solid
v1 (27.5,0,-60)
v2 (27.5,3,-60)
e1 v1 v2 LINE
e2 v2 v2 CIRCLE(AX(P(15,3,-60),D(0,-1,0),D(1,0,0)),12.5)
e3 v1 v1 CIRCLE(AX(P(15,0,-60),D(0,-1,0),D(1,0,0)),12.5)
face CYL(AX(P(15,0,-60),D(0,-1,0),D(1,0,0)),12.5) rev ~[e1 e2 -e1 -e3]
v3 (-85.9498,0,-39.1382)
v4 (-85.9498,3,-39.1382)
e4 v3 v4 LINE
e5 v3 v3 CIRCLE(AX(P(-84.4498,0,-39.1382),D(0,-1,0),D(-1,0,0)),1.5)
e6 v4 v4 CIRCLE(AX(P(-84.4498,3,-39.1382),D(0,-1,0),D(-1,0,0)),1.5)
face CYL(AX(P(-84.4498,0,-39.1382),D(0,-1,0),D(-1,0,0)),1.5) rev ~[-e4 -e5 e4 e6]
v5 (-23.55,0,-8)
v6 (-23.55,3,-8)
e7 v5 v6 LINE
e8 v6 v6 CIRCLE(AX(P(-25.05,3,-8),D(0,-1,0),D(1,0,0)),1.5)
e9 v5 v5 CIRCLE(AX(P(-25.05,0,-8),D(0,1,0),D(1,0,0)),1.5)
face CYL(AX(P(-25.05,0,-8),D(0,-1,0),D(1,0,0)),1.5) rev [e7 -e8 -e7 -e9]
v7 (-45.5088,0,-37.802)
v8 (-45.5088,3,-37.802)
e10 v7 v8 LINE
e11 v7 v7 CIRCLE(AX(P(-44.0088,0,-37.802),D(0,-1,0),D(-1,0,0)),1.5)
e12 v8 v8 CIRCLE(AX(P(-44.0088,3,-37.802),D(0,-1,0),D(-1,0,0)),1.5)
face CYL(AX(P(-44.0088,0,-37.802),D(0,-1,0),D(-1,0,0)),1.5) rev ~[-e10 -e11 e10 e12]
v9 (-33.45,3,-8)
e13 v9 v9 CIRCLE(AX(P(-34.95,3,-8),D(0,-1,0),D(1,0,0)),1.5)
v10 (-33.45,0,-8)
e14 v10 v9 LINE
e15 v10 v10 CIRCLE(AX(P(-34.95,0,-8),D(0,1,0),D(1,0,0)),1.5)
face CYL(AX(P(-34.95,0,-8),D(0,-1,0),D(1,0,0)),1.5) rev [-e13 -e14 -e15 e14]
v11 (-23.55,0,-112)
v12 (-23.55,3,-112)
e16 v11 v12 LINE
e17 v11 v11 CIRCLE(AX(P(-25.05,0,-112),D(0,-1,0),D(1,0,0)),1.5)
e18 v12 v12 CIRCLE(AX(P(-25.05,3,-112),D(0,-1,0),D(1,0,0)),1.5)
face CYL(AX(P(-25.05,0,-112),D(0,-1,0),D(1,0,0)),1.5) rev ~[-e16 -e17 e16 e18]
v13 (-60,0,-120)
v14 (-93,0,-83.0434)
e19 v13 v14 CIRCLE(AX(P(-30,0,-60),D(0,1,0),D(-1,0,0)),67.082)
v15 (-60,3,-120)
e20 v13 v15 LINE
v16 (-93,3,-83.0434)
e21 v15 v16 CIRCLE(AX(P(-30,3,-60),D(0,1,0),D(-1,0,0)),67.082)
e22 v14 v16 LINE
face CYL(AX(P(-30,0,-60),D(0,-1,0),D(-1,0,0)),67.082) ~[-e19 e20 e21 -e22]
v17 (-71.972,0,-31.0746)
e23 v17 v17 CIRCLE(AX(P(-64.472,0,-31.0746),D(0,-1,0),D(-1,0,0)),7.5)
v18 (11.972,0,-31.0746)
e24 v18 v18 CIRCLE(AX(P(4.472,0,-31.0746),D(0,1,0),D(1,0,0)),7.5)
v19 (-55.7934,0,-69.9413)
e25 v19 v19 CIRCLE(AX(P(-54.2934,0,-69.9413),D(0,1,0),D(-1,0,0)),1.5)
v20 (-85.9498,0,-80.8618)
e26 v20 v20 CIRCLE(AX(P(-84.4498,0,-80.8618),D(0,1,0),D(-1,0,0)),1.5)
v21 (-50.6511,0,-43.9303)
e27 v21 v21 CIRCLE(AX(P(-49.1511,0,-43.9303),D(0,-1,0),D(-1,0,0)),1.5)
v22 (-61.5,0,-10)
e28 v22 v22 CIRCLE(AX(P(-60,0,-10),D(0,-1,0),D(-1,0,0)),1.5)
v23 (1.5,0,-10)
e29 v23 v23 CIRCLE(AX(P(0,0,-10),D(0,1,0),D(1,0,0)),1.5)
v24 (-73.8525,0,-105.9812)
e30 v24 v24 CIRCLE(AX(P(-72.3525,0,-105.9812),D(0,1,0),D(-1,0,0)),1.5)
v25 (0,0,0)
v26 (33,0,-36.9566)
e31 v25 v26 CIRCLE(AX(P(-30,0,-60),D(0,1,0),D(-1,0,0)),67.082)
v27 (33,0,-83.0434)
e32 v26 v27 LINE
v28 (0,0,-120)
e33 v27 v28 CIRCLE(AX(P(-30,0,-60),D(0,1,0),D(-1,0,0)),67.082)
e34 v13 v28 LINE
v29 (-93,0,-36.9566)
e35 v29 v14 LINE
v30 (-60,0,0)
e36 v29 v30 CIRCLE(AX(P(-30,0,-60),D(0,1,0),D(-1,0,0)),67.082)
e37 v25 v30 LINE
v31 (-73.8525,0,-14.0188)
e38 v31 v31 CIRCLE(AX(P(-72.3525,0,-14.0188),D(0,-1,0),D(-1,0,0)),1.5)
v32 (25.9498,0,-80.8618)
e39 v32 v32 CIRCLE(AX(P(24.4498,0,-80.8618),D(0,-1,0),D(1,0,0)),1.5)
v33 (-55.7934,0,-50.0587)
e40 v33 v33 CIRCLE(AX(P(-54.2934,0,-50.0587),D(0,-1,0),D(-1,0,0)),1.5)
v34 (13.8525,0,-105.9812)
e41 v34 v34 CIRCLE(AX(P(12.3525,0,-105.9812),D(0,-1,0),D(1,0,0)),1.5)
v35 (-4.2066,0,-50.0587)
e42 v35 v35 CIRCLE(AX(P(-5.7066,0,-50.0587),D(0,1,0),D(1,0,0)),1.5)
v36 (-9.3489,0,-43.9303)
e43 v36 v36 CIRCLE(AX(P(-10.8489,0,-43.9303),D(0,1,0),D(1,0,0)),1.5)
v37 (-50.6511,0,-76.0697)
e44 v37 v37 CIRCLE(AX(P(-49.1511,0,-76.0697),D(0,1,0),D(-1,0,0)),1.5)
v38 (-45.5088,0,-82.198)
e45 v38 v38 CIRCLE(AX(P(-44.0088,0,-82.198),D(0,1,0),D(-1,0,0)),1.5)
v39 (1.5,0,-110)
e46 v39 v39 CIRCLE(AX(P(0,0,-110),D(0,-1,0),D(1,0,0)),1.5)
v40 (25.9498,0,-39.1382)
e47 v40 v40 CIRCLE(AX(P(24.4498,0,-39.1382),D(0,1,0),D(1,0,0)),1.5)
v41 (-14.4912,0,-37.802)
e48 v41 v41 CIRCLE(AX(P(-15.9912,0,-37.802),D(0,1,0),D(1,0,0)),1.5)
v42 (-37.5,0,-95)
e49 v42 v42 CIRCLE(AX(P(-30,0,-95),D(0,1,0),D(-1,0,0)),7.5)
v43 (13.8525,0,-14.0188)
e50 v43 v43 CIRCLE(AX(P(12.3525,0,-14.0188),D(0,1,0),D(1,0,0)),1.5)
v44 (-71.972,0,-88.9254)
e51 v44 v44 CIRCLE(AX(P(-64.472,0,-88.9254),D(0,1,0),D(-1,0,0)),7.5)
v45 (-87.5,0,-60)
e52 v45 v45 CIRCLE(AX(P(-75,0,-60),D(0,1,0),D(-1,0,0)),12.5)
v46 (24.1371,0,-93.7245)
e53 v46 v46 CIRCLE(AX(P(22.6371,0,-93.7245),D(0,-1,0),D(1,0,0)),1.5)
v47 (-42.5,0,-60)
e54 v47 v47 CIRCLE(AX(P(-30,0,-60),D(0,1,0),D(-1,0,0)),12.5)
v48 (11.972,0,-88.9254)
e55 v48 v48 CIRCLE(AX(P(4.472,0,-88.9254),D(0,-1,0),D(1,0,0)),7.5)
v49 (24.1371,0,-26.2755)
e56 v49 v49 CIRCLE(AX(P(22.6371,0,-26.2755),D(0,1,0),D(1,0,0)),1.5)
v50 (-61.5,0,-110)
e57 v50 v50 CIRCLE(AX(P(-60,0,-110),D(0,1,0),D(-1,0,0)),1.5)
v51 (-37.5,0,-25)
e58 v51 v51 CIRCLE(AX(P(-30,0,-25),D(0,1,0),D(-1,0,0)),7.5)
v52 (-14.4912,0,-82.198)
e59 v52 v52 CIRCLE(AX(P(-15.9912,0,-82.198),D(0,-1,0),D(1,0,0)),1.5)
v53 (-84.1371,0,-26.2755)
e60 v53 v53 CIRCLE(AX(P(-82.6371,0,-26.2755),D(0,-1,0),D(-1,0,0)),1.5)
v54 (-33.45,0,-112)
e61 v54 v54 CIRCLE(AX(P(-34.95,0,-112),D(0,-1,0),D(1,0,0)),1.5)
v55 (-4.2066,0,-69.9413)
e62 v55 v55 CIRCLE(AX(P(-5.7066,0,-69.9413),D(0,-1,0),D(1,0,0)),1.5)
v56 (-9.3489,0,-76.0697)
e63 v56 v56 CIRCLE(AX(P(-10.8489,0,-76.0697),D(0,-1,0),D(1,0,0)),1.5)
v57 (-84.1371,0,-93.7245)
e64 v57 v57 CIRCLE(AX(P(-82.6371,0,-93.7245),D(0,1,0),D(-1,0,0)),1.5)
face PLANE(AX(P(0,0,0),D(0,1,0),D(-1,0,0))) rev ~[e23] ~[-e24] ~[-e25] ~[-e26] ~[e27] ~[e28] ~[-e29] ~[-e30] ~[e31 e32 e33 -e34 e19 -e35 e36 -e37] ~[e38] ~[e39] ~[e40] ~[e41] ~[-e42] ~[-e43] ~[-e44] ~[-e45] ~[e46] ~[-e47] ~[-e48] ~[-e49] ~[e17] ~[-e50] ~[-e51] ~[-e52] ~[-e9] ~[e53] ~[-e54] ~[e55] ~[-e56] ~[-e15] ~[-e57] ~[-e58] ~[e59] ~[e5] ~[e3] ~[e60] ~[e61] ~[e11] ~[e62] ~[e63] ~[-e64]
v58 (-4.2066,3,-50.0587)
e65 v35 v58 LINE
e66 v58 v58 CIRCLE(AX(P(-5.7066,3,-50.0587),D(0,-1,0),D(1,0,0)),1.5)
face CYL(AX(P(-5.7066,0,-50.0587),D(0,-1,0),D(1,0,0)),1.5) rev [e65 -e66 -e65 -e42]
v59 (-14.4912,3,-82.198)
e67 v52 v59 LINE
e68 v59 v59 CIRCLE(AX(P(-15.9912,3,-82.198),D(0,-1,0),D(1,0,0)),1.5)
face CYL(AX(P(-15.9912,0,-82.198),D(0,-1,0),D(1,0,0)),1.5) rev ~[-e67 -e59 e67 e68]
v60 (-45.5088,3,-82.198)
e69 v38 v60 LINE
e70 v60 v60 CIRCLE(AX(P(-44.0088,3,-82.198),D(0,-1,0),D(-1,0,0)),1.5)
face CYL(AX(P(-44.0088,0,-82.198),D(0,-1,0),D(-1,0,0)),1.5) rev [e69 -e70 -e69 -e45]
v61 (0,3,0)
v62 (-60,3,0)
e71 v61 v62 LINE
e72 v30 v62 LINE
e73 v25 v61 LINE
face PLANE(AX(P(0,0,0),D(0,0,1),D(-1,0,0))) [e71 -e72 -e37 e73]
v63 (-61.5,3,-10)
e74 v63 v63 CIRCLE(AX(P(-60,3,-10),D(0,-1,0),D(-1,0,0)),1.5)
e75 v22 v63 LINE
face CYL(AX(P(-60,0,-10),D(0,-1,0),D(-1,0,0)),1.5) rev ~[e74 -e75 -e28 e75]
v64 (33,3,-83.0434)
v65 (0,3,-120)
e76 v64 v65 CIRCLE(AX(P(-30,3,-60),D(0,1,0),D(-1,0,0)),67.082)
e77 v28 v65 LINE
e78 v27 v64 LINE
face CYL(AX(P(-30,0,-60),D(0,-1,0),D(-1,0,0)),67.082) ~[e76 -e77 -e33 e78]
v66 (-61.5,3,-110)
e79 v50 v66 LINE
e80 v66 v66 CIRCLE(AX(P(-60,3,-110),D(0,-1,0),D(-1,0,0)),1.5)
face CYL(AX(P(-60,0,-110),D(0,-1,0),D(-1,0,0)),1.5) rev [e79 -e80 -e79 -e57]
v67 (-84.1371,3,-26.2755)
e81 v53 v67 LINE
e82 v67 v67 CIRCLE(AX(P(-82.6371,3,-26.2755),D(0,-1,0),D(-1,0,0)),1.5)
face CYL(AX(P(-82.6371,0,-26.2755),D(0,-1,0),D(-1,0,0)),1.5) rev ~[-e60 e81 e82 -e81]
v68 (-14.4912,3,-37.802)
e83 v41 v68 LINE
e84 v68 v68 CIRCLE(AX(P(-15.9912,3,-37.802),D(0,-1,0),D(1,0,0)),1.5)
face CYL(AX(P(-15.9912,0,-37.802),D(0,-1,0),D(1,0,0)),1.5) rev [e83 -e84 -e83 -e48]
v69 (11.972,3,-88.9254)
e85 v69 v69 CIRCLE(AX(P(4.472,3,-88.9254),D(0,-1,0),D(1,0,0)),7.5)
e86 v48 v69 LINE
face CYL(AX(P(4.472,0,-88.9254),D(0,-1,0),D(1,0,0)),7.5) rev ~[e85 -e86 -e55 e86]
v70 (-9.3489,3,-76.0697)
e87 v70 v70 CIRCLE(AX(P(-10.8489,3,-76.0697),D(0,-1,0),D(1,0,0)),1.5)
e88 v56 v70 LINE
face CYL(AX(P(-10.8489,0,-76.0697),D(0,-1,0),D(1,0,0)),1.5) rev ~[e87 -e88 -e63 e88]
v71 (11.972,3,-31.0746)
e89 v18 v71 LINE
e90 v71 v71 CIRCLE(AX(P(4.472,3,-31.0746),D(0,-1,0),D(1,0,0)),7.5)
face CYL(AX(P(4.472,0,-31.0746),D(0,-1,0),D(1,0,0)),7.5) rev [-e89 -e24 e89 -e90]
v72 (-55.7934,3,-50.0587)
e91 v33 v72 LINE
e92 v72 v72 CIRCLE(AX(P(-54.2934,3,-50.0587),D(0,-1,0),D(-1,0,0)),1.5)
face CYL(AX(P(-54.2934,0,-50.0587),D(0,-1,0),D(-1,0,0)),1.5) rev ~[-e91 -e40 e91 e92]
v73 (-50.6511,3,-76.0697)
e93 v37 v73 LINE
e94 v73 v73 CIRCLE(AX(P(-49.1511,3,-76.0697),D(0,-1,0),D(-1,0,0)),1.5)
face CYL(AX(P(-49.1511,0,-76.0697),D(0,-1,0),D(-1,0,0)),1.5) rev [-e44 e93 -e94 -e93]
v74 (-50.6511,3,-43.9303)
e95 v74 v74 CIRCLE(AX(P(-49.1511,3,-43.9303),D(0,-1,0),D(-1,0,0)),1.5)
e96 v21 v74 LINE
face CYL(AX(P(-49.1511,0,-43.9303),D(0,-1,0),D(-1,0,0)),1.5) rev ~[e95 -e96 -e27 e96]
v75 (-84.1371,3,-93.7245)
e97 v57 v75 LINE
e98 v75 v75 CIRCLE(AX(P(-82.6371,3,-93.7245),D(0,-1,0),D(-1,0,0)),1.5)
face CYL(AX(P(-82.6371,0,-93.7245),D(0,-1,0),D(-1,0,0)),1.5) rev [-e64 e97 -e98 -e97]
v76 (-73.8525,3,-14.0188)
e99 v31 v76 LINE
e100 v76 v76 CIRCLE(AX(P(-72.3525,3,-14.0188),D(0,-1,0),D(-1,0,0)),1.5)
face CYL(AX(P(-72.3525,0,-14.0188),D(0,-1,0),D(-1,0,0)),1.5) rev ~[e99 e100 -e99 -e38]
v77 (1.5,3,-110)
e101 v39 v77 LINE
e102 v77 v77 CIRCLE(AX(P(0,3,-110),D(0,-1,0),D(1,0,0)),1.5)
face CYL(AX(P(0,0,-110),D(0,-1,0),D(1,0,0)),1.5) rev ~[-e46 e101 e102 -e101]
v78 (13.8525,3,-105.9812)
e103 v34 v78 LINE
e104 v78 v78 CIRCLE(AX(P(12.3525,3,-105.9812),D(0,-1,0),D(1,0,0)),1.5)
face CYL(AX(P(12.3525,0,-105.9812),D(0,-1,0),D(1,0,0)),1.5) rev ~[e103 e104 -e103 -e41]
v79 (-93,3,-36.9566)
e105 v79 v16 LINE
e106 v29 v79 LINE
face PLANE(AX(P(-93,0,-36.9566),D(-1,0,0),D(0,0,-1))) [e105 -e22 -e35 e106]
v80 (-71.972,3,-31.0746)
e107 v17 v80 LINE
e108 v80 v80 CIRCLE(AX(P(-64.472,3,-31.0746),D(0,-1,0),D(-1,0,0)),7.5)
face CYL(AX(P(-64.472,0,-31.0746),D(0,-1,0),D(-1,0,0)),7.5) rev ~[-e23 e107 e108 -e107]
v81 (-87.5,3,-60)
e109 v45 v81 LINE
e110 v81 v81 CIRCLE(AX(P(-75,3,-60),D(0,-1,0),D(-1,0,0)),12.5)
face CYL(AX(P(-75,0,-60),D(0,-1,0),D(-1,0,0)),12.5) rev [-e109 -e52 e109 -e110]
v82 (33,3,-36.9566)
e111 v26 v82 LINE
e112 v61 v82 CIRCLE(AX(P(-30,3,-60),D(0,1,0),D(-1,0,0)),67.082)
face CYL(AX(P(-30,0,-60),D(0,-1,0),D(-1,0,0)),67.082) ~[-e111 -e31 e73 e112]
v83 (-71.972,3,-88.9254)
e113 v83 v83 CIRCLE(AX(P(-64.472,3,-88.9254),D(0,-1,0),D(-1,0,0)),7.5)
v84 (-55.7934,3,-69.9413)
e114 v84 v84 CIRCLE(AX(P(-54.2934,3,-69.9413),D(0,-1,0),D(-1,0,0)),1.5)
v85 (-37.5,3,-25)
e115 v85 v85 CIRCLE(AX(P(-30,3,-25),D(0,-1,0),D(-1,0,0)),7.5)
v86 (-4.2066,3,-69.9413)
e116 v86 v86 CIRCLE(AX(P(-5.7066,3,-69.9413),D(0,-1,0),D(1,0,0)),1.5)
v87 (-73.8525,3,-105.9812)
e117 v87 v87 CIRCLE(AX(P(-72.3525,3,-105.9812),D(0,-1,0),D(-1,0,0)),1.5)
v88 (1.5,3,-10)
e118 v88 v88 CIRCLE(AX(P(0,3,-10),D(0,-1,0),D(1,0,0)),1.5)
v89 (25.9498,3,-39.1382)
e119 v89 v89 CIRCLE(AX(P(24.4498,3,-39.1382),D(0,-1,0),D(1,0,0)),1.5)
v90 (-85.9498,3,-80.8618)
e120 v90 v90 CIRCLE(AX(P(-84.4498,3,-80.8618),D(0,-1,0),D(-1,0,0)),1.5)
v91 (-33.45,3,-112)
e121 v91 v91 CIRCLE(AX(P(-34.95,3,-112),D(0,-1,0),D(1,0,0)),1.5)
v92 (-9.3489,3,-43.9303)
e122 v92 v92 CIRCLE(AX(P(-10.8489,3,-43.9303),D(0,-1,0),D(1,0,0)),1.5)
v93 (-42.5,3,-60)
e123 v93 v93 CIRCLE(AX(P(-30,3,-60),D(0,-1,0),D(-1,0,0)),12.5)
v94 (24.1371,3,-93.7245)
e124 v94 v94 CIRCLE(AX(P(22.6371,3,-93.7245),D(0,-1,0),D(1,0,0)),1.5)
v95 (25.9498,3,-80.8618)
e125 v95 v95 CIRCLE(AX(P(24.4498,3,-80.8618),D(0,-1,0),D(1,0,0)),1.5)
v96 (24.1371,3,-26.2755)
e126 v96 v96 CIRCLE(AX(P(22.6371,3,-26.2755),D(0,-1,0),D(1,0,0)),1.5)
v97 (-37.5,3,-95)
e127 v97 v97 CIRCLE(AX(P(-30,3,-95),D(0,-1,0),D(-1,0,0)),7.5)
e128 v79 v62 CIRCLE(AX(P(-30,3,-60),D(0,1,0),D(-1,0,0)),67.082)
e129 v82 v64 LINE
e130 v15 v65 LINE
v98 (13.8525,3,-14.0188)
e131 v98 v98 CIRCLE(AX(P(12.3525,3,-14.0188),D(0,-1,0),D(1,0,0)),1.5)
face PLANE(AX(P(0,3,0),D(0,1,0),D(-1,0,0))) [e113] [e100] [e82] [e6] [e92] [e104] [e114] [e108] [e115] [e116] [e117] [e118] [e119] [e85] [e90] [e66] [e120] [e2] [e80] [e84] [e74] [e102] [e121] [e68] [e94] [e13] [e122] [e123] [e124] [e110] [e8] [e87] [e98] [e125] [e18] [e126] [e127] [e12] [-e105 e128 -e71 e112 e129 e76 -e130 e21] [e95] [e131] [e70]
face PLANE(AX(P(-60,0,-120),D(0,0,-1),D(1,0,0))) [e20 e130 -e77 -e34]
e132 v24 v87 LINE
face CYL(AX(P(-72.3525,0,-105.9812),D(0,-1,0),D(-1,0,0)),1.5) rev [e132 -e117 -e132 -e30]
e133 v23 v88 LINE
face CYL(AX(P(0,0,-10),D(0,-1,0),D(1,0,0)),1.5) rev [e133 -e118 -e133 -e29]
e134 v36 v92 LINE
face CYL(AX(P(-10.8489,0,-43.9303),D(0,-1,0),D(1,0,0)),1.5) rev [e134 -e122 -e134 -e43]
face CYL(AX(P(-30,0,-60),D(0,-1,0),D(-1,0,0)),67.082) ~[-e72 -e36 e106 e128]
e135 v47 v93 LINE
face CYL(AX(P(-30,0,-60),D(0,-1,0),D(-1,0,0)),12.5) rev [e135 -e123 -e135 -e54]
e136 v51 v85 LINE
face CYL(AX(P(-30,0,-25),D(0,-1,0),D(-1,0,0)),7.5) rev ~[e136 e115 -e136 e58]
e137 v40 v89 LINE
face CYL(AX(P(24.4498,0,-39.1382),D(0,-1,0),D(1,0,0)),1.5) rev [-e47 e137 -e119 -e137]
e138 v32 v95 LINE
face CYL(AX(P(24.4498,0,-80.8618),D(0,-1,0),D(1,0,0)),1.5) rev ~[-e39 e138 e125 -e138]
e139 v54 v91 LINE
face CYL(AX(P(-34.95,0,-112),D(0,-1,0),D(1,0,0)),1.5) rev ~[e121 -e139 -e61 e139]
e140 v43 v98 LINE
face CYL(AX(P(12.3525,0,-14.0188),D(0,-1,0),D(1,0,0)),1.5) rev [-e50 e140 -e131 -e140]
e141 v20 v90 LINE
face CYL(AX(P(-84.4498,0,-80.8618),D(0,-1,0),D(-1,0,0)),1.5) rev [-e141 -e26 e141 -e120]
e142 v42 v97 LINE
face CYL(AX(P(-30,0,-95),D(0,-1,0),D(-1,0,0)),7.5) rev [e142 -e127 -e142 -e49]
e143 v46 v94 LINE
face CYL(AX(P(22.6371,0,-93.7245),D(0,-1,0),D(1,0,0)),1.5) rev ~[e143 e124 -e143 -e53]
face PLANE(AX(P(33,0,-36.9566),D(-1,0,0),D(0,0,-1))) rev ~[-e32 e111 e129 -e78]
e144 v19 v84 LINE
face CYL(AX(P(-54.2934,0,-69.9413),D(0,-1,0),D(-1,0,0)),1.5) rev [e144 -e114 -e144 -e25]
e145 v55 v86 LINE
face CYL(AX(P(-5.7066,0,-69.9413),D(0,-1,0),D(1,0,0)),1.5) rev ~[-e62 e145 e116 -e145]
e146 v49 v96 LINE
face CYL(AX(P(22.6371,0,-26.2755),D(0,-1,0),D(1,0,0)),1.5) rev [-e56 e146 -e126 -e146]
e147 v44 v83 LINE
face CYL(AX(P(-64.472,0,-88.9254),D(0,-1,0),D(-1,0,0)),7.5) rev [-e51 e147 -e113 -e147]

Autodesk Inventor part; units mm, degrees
ref_plane "XZ Plane" through (0, 0, 0) normal (0, 1, 0) x (-1, 0, 0)
ref_plane "XY Plane" through (0, 0, 0) normal (0, 0, 1) x (1, 0, 0)
sketch "Sketch1" plane through (0, 0, 0) normal (0, 1, 0) x (-1, 0, 0)
  line L0 (0, 0) -> (60, 0)
  line L1 (60, 0) -> (60, -120)
  line L2 (60, -120) -> (0, -120)
  line L3 (0, -120) -> (0, 0)
  line L4 (60, 0) -> (0, -120) construction
  line L5 (60, -120) -> (0, 0) construction
  circle A0 centre (30, -60) radius 67.082
  line L6 (30, -120) -> (30, 7.082) construction
  line L7 (60, -60) -> (0, -60)
  line L8 (30, -60) -> (81.3878, -103.1195) construction
  circle A1 centre (82.6371, -93.7245) radius 1.5
  circle A2 centre (54.2934, -69.9413) radius 1.5
  line L9 (41.76, -45.985) -> (17.4815, -74.919) construction
  circle A3 centre (72.3525, -105.9812) radius 1.5
  circle A4 centre (44.0088, -82.198) radius 1.5
  line L10 (-33, -36.9566) -> (-33, -83.0434)
  line L11 (93, -36.9566) -> (93, -83.0434)
  circle A5 centre (49.1511, -76.0697) radius 1.5
  circle A6 centre (60, -110) radius 1.5
  circle A7 centre (75, -60) radius 12.5
  circle A8 centre (30, -95) radius 7.5
  circle A9 centre (84.4498, -80.8618) radius 1.5
  circle A10 centre (64.472, -88.9254) radius 7.5
  circle A11 centre (30, -60) radius 12.5
  point P0 (60, -120)
  point P1 (60, 0)
  dimension "d0" = 120
  dimension "d25" = 60
  dimension "d27" = 50
  dimension "d28" = 3
  dimension "d30" = 3
  dimension "d32" = 25
  dimension "d33" = 62
  dimension "d34" = 8
  dimension "d35" = 8
  dimension "d38" = 63
  dimension "d39" = 63
  dimension "d40" = 3
  dimension "d41" = 25
  dimension "d50" = 3
  dimension "d51" = 10
  dimension "d52" = 25
  dimension "d53" = 45
  dimension "d54" = 15
  dimension "d55" = 35
  dimension "d56" = 15
  dimension "d57" = 45
  dimension "d58" = 25
extrude "Extrusion1" add sketch "Sketch1" along normal blind 3 contours L0 L1 L7 A11 L3 | L3 A0 L10 | A0 L11 L1 A6 A10 | L7 A11 L1 A10 A6 L2 L3 | A11 L7 | L7 A11 | A10 L1 | L1 A10 | A6 L1 | L1 A6 | A1 | A2 | A3 | A4 | A5 | A7 | A8 | A9
extrude "Extrusion3" cut sketch "Sketch1" along normal blind 10 contours A11 L7 | L7 A11 | A10 L1 | L1 A10 | A6 L1 | L1 A6 | A1 | A2 | A3 | A4 | A5 | A7 | A8 | A9
ref_plane "Work Plane5" through (-60, 0, -60) normal (0, 0, 1) x (1, 0, 0)
ref_plane "Work Plane6" through (-30, 0, 0) normal (1, 0, 0) x (0, 1, 0)
mirror "Mirror3" about plane through (-60, 0, -60) normal (0, 0, 1) of "Extrusion3"
mirror "Mirror4" about plane through (-30, 0, 0) normal (1, 0, 0) of "Extrusion3", "Mirror3"
sketch "Sketch7" plane through (0, 0, 0) normal (0, -1, 0) x (1, 0, 0)
  circle A0 centre (-25.05, -112) radius 1.5
  circle A1 centre (-34.95, -112) radius 1.5
  line L0 (0, -120) -> (-60, -120) projected
  line L1 (-30, 28.4216) -> (-30, -148.4216) projected
  point P0 (0, 0)
  dimension "d42" = 3
  dimension "d43" = 3
  dimension "d44" = 8
  dimension "d45" = 8
  dimension "d46" = 4.95
  dimension "d47" = 4.95
extrude "Extrusion4" cut sketch "Sketch7" against normal blind 100
mirror "Mirror5" about plane through (-60, 0, -60) normal (0, 0, 1) of "Extrusion4"
sketch "Sketch10" plane through (0, 3, 0) normal (0, 1, 0) x (1, 0, 0)
  circle A0 centre (-34.95, 8) radius 1.5 projected
  circle A1 centre (-25.05, 8) radius 1.5 projected
  circle A2 centre (-34.95, 112) radius 1.5 projected
  circle A3 centre (-25.05, 112) radius 1.5 projected
  circle A4 centre (24.4498, 39.1382) radius 1.5 projected
  circle A5 centre (-10.8489, 43.9303) radius 1.5 projected
  circle A6 centre (-5.7066, 50.0587) radius 1.5 projected
  circle A7 centre (12.3525, 14.0188) radius 1.5 projected
  circle A8 centre (4.472, 31.0746) radius 7.5 projected
  circle A9 centre (0, 10) radius 1.5 projected
  circle A10 centre (-15.9912, 37.802) radius 1.5 projected
  circle A11 centre (22.6371, 26.2755) radius 1.5 projected
  circle A12 centre (24.4498, 80.8618) radius 1.5 projected
  circle A13 centre (-10.8489, 76.0697) radius 1.5 projected
  circle A14 centre (-5.7066, 69.9413) radius 1.5 projected
  circle A15 centre (12.3525, 105.9812) radius 1.5 projected
  circle A16 centre (15, 60) radius 12.5 projected
  circle A17 centre (4.472, 88.9254) radius 7.5 projected
  circle A18 centre (0, 110) radius 1.5 projected
  circle A19 centre (-15.9912, 82.198) radius 1.5 projected
  circle A20 centre (22.6371, 93.7245) radius 1.5 projected
  circle A21 centre (-84.4498, 39.1382) radius 1.5 projected
  circle A22 centre (-49.1511, 43.9303) radius 1.5 projected
  circle A23 centre (-54.2934, 50.0587) radius 1.5 projected
  circle A24 centre (-72.3525, 14.0188) radius 1.5 projected
  circle A25 centre (-64.472, 31.0746) radius 7.5 projected
  circle A26 centre (-60, 10) radius 1.5 projected
  circle A27 centre (-44.0088, 37.802) radius 1.5 projected
  circle A28 centre (-82.6371, 26.2755) radius 1.5 projected
  circle A29 centre (-30, 25) radius 7.5 projected
  circle A30 centre (-84.4498, 80.8618) radius 1.5 projected
  circle A31 centre (-49.1511, 76.0697) radius 1.5 projected
  circle A32 centre (-54.2934, 69.9413) radius 1.5 projected
  circle A33 centre (-72.3525, 105.9812) radius 1.5 projected
  circle A34 centre (-75, 60) radius 12.5 projected
  circle A35 centre (-64.472, 88.9254) radius 7.5 projected
  circle A36 centre (-60, 110) radius 1.5 projected
  circle A37 centre (-44.0088, 82.198) radius 1.5 projected
  circle A38 centre (-82.6371, 93.7245) radius 1.5 projected
  circle A39 centre (-30, 95) radius 7.5 projected
  circle A40 centre (-30, 60) radius 12.5 projected
  line L0 (0, 120) -> (-60, 120) projected
  arc A41 (-60, 120) -> (-93, 83.0434) centre (-30, 60) ccw projected
  line L1 (-93, 83.0434) -> (-93, 36.9566) projected
  arc A42 (-93, 36.9566) -> (-60, 0) centre (-30, 60) ccw projected
  line L2 (-60, 0) -> (0, 0) projected
  arc A43 (0, 0) -> (33, 36.9566) centre (-30, 60) ccw projected
  line L3 (33, 36.9566) -> (33, 83.0434) projected
  arc A44 (33, 83.0434) -> (0, 120) centre (-30, 60) ccw projected
equation "\"d45\" = d44"
equation "\"d47\" = d46"
properties part number "Drone_plate_1"
